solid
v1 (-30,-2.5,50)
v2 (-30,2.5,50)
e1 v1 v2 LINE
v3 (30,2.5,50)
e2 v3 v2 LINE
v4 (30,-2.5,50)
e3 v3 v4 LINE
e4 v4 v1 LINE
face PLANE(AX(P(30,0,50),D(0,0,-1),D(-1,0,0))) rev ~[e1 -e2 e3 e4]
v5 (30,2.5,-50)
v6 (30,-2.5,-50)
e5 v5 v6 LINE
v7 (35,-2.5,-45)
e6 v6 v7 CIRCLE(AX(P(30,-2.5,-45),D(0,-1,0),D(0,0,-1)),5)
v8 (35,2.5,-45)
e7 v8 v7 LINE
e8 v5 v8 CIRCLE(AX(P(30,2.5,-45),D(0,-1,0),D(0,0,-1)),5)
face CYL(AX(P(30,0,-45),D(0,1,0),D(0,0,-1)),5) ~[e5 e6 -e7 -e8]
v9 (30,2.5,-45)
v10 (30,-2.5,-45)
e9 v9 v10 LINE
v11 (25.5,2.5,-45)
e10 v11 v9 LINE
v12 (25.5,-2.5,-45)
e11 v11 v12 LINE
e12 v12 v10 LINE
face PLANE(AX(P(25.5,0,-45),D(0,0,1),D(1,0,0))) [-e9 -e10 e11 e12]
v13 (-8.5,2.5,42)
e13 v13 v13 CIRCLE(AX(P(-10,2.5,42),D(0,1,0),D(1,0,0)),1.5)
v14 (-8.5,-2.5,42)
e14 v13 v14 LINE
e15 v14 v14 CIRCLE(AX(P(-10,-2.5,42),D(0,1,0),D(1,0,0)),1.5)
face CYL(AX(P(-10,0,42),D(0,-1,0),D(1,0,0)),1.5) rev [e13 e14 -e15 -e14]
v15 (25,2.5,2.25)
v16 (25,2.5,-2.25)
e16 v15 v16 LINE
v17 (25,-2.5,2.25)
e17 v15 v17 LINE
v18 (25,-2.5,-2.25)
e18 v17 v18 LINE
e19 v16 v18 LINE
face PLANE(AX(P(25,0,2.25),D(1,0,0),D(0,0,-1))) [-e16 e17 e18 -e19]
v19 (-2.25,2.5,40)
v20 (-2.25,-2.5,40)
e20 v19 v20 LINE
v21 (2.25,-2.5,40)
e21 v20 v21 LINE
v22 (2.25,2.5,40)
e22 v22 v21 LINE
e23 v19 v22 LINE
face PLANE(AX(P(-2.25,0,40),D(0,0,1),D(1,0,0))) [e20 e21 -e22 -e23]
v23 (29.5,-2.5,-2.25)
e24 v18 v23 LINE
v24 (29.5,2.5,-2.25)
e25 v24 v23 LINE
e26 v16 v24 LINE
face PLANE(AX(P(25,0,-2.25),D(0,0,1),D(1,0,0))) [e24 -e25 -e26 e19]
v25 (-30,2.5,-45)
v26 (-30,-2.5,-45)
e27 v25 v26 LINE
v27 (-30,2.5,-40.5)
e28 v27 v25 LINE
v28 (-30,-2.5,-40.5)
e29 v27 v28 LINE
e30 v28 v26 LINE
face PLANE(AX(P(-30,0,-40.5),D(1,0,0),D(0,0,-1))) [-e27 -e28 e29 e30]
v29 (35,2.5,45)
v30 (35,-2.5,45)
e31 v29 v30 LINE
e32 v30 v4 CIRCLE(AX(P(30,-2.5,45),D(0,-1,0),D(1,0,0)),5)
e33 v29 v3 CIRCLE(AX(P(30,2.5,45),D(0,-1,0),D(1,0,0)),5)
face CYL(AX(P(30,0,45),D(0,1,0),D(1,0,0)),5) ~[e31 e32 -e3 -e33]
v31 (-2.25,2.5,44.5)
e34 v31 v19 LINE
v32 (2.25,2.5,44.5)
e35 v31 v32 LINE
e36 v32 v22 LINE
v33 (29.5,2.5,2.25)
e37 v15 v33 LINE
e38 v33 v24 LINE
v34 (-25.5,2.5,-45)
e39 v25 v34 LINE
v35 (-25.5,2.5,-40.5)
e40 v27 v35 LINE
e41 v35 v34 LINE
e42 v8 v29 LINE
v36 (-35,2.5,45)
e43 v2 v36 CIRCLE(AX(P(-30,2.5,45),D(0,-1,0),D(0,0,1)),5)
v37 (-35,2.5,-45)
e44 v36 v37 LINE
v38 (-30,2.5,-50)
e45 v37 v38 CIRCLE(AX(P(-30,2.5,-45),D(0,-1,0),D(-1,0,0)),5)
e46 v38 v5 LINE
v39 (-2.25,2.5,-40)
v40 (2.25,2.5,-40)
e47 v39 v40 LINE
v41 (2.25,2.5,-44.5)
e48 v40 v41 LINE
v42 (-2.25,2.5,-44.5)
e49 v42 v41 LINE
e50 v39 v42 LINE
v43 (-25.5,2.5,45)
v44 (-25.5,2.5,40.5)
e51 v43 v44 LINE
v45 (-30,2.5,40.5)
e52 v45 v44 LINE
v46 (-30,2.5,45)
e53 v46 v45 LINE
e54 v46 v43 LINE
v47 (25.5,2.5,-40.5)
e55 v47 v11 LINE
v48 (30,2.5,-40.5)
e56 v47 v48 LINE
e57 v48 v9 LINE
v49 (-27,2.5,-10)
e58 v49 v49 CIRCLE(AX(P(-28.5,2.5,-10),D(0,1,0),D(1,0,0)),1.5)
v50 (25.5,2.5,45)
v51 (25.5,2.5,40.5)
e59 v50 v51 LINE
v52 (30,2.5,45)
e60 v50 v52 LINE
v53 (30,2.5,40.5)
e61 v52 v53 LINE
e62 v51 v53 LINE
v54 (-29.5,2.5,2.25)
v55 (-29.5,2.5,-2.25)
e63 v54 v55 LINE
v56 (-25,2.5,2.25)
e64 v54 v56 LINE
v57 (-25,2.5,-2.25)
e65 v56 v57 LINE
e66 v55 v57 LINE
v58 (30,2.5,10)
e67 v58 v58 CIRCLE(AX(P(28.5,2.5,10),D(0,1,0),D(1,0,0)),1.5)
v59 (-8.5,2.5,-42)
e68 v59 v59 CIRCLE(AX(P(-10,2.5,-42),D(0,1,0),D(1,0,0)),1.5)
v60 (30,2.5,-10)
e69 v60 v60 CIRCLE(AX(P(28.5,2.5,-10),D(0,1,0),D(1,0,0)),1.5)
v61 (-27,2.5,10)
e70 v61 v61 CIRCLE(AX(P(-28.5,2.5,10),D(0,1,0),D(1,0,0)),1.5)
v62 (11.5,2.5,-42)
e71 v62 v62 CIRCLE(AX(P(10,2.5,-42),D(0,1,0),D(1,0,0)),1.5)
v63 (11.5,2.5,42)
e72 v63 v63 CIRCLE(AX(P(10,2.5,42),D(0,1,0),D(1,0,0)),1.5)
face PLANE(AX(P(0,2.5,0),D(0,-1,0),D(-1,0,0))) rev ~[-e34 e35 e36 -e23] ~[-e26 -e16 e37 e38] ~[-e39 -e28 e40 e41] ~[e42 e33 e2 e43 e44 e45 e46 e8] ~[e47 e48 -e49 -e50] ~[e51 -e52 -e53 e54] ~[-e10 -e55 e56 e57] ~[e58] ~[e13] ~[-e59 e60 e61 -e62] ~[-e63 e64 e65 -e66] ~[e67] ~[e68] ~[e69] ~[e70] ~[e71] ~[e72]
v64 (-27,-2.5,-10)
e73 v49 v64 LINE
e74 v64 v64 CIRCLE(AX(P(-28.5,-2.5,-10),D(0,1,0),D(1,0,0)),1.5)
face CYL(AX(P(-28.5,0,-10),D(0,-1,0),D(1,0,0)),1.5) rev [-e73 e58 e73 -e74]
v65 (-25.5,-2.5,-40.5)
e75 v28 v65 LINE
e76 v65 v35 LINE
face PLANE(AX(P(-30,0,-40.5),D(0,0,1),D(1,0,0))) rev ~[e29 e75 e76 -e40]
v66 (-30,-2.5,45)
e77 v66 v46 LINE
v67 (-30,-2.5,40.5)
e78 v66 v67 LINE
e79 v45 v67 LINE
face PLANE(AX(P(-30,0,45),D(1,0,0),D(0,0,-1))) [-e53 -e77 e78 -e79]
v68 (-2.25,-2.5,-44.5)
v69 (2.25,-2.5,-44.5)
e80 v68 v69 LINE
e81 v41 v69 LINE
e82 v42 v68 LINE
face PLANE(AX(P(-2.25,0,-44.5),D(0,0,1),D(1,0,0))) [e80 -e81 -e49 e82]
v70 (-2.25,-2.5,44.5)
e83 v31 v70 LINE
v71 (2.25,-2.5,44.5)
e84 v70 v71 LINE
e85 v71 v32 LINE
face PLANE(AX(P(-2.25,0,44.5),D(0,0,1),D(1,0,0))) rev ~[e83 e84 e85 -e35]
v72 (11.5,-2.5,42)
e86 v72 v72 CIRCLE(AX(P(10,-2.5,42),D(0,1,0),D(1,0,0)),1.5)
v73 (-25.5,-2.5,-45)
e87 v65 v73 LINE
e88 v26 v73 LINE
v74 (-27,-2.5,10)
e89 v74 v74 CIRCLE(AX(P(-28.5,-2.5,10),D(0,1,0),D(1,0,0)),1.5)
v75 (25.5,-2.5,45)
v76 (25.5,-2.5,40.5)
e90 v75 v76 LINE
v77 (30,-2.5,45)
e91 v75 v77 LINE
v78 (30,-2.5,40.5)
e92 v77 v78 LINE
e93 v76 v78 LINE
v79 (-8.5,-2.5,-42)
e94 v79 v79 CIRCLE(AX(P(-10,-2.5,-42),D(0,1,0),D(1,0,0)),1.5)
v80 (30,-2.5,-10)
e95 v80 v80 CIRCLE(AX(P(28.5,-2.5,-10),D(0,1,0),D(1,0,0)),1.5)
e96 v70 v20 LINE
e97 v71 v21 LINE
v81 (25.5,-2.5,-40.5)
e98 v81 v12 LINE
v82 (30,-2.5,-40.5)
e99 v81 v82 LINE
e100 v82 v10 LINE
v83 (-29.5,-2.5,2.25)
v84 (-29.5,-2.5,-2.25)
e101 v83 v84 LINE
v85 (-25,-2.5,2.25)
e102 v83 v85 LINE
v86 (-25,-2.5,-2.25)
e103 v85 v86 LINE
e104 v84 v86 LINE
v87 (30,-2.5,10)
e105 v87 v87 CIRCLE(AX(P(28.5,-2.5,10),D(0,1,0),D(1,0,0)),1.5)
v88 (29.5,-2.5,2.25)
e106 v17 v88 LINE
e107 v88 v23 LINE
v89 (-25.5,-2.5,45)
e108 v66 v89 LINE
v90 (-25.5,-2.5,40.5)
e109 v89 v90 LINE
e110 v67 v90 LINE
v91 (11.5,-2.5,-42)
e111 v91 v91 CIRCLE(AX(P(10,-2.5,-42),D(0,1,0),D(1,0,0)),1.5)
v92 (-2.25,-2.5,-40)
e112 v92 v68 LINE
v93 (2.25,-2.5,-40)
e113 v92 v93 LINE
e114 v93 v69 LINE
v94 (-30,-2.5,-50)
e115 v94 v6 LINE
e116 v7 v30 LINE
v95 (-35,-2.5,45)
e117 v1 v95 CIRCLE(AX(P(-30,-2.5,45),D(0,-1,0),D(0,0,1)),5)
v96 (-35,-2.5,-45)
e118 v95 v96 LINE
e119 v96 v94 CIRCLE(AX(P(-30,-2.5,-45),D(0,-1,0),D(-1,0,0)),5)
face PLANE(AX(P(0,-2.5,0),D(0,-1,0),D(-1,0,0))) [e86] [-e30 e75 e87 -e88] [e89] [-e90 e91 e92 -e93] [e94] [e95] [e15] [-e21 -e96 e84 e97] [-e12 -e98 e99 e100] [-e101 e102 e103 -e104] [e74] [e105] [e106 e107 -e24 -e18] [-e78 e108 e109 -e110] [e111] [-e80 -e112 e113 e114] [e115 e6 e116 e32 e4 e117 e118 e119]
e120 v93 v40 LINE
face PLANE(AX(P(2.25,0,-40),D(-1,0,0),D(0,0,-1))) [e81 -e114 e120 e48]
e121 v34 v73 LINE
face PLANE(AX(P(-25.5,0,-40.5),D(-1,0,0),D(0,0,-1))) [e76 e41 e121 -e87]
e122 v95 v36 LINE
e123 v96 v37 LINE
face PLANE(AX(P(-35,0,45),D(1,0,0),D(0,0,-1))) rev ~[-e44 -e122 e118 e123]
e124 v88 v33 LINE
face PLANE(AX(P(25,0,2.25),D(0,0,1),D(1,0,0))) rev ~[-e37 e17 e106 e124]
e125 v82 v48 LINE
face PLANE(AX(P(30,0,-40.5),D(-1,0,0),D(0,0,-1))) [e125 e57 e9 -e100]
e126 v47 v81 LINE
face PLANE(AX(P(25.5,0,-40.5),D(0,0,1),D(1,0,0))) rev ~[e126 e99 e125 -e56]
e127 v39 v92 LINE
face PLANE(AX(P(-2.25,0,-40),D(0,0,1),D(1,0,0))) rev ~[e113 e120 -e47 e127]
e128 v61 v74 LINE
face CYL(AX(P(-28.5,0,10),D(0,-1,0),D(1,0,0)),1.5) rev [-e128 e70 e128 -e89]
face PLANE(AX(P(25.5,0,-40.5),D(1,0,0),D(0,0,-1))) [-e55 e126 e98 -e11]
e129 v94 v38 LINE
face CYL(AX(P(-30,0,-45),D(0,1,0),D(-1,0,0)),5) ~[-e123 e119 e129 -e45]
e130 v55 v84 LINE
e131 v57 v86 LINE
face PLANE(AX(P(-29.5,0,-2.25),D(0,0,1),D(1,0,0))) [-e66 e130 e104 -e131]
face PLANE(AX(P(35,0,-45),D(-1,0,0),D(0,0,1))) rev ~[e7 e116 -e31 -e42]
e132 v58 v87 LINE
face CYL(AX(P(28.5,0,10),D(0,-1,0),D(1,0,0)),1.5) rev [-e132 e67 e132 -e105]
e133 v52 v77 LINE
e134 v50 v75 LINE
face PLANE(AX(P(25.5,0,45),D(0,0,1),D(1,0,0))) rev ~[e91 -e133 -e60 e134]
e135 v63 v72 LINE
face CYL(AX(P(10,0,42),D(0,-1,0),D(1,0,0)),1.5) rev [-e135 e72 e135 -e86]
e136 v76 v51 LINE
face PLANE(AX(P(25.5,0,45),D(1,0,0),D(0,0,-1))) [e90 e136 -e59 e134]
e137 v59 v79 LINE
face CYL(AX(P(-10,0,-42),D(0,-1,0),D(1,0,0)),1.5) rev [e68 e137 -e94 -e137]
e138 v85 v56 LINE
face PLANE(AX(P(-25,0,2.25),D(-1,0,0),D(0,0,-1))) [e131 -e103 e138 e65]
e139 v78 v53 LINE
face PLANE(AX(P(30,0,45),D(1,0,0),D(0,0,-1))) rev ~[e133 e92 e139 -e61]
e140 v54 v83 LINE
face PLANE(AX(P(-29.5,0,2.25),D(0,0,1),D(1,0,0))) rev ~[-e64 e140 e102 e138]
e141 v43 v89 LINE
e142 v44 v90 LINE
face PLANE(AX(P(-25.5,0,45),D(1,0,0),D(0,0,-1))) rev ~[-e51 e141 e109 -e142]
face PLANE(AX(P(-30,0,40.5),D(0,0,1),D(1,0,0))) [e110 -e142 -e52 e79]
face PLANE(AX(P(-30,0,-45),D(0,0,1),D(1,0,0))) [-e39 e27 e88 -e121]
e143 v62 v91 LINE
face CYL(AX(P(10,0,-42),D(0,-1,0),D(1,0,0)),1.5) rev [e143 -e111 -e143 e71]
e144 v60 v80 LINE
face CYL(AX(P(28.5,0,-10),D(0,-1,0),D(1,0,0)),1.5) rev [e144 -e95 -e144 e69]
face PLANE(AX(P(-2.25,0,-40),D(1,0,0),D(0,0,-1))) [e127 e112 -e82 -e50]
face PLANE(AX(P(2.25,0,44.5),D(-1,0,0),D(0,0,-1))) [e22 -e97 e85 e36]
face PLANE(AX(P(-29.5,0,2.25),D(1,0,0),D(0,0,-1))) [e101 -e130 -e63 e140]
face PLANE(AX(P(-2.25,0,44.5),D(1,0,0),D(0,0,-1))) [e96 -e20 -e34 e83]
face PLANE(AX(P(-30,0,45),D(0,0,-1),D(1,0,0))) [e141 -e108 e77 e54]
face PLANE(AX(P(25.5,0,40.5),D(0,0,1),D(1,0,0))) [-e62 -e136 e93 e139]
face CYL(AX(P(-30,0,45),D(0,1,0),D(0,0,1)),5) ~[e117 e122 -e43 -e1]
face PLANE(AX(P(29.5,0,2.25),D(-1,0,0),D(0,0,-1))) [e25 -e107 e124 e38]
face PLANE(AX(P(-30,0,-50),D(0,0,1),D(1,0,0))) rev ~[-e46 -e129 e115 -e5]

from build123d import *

# Parameters (mm, degrees)
SKETCH1_R           = 1.5
SKETCH1_W           = 4.5
SKETCH1_H           = 4.5
BOSS_EXTRUDE1_DEPTH = 2.5


with BuildPart() as part:
    # Sketch1 → Boss-Extrude1 (new body, symmetric)
    with BuildSketch(Plane(origin=(0, 0, 0), x_dir=(1, 0, 0), z_dir=(0, 1, 0))):
        with BuildLine():
            Line((-30, 50), (30, 50))
            ThreePointArc((30, 50), (33.535533906, 48.535533906), (35, 45))
            Line((35, 45), (35, -45))
            ThreePointArc((35, -45), (33.535533906, -48.535533906), (30, -50))
            Line((30, -50), (-30, -50))
            ThreePointArc((-30, -50), (-33.535533906, -48.535533906), (-35, -45))
            Line((-35, -45), (-35, 45))
            ThreePointArc((-35, 45), (-33.535533906, 48.535533906), (-30, 50))
        make_face()
        with Locations((10, 42)):
            Circle(SKETCH1_R, mode=Mode.SUBTRACT)
        with Locations((10, -42)):
            Circle(SKETCH1_R, mode=Mode.SUBTRACT)
        with Locations((-10, -42)):
            Circle(SKETCH1_R, mode=Mode.SUBTRACT)
        with Locations((-10, 42)):
            Circle(SKETCH1_R, mode=Mode.SUBTRACT)
        with Locations((28.5, 10)):
            Circle(SKETCH1_R, mode=Mode.SUBTRACT)
        with Locations((28.5, -10)):
            Circle(SKETCH1_R, mode=Mode.SUBTRACT)
        with Locations((-28.5, -10)):
            Circle(SKETCH1_R, mode=Mode.SUBTRACT)
        with Locations((-28.5, 10)):
            Circle(SKETCH1_R, mode=Mode.SUBTRACT)
        with Locations((27.25, 0)):
            Rectangle(SKETCH1_W, SKETCH1_H, mode=Mode.SUBTRACT)
        with Locations((0, -42.25)):
            Rectangle(SKETCH1_W, SKETCH1_H, mode=Mode.SUBTRACT)
        with Locations((0, 42.25)):
            Rectangle(SKETCH1_W, SKETCH1_H, mode=Mode.SUBTRACT)
        with Locations((-27.25, 0)):
            Rectangle(SKETCH1_W, SKETCH1_H, mode=Mode.SUBTRACT)
        with Locations((27.75, -42.75)):
            Rectangle(SKETCH1_W, SKETCH1_H, mode=Mode.SUBTRACT)
        with Locations((27.75, 42.75)):
            Rectangle(SKETCH1_W, SKETCH1_H, mode=Mode.SUBTRACT)
        with Locations((-27.75, 42.75)):
            Rectangle(SKETCH1_W, SKETCH1_H, mode=Mode.SUBTRACT)
        with Locations((-27.75, -42.75)):
            Rectangle(SKETCH1_W, SKETCH1_H, mode=Mode.SUBTRACT)
    extrude(amount=BOSS_EXTRUDE1_DEPTH, both=True)


solid = part.part
